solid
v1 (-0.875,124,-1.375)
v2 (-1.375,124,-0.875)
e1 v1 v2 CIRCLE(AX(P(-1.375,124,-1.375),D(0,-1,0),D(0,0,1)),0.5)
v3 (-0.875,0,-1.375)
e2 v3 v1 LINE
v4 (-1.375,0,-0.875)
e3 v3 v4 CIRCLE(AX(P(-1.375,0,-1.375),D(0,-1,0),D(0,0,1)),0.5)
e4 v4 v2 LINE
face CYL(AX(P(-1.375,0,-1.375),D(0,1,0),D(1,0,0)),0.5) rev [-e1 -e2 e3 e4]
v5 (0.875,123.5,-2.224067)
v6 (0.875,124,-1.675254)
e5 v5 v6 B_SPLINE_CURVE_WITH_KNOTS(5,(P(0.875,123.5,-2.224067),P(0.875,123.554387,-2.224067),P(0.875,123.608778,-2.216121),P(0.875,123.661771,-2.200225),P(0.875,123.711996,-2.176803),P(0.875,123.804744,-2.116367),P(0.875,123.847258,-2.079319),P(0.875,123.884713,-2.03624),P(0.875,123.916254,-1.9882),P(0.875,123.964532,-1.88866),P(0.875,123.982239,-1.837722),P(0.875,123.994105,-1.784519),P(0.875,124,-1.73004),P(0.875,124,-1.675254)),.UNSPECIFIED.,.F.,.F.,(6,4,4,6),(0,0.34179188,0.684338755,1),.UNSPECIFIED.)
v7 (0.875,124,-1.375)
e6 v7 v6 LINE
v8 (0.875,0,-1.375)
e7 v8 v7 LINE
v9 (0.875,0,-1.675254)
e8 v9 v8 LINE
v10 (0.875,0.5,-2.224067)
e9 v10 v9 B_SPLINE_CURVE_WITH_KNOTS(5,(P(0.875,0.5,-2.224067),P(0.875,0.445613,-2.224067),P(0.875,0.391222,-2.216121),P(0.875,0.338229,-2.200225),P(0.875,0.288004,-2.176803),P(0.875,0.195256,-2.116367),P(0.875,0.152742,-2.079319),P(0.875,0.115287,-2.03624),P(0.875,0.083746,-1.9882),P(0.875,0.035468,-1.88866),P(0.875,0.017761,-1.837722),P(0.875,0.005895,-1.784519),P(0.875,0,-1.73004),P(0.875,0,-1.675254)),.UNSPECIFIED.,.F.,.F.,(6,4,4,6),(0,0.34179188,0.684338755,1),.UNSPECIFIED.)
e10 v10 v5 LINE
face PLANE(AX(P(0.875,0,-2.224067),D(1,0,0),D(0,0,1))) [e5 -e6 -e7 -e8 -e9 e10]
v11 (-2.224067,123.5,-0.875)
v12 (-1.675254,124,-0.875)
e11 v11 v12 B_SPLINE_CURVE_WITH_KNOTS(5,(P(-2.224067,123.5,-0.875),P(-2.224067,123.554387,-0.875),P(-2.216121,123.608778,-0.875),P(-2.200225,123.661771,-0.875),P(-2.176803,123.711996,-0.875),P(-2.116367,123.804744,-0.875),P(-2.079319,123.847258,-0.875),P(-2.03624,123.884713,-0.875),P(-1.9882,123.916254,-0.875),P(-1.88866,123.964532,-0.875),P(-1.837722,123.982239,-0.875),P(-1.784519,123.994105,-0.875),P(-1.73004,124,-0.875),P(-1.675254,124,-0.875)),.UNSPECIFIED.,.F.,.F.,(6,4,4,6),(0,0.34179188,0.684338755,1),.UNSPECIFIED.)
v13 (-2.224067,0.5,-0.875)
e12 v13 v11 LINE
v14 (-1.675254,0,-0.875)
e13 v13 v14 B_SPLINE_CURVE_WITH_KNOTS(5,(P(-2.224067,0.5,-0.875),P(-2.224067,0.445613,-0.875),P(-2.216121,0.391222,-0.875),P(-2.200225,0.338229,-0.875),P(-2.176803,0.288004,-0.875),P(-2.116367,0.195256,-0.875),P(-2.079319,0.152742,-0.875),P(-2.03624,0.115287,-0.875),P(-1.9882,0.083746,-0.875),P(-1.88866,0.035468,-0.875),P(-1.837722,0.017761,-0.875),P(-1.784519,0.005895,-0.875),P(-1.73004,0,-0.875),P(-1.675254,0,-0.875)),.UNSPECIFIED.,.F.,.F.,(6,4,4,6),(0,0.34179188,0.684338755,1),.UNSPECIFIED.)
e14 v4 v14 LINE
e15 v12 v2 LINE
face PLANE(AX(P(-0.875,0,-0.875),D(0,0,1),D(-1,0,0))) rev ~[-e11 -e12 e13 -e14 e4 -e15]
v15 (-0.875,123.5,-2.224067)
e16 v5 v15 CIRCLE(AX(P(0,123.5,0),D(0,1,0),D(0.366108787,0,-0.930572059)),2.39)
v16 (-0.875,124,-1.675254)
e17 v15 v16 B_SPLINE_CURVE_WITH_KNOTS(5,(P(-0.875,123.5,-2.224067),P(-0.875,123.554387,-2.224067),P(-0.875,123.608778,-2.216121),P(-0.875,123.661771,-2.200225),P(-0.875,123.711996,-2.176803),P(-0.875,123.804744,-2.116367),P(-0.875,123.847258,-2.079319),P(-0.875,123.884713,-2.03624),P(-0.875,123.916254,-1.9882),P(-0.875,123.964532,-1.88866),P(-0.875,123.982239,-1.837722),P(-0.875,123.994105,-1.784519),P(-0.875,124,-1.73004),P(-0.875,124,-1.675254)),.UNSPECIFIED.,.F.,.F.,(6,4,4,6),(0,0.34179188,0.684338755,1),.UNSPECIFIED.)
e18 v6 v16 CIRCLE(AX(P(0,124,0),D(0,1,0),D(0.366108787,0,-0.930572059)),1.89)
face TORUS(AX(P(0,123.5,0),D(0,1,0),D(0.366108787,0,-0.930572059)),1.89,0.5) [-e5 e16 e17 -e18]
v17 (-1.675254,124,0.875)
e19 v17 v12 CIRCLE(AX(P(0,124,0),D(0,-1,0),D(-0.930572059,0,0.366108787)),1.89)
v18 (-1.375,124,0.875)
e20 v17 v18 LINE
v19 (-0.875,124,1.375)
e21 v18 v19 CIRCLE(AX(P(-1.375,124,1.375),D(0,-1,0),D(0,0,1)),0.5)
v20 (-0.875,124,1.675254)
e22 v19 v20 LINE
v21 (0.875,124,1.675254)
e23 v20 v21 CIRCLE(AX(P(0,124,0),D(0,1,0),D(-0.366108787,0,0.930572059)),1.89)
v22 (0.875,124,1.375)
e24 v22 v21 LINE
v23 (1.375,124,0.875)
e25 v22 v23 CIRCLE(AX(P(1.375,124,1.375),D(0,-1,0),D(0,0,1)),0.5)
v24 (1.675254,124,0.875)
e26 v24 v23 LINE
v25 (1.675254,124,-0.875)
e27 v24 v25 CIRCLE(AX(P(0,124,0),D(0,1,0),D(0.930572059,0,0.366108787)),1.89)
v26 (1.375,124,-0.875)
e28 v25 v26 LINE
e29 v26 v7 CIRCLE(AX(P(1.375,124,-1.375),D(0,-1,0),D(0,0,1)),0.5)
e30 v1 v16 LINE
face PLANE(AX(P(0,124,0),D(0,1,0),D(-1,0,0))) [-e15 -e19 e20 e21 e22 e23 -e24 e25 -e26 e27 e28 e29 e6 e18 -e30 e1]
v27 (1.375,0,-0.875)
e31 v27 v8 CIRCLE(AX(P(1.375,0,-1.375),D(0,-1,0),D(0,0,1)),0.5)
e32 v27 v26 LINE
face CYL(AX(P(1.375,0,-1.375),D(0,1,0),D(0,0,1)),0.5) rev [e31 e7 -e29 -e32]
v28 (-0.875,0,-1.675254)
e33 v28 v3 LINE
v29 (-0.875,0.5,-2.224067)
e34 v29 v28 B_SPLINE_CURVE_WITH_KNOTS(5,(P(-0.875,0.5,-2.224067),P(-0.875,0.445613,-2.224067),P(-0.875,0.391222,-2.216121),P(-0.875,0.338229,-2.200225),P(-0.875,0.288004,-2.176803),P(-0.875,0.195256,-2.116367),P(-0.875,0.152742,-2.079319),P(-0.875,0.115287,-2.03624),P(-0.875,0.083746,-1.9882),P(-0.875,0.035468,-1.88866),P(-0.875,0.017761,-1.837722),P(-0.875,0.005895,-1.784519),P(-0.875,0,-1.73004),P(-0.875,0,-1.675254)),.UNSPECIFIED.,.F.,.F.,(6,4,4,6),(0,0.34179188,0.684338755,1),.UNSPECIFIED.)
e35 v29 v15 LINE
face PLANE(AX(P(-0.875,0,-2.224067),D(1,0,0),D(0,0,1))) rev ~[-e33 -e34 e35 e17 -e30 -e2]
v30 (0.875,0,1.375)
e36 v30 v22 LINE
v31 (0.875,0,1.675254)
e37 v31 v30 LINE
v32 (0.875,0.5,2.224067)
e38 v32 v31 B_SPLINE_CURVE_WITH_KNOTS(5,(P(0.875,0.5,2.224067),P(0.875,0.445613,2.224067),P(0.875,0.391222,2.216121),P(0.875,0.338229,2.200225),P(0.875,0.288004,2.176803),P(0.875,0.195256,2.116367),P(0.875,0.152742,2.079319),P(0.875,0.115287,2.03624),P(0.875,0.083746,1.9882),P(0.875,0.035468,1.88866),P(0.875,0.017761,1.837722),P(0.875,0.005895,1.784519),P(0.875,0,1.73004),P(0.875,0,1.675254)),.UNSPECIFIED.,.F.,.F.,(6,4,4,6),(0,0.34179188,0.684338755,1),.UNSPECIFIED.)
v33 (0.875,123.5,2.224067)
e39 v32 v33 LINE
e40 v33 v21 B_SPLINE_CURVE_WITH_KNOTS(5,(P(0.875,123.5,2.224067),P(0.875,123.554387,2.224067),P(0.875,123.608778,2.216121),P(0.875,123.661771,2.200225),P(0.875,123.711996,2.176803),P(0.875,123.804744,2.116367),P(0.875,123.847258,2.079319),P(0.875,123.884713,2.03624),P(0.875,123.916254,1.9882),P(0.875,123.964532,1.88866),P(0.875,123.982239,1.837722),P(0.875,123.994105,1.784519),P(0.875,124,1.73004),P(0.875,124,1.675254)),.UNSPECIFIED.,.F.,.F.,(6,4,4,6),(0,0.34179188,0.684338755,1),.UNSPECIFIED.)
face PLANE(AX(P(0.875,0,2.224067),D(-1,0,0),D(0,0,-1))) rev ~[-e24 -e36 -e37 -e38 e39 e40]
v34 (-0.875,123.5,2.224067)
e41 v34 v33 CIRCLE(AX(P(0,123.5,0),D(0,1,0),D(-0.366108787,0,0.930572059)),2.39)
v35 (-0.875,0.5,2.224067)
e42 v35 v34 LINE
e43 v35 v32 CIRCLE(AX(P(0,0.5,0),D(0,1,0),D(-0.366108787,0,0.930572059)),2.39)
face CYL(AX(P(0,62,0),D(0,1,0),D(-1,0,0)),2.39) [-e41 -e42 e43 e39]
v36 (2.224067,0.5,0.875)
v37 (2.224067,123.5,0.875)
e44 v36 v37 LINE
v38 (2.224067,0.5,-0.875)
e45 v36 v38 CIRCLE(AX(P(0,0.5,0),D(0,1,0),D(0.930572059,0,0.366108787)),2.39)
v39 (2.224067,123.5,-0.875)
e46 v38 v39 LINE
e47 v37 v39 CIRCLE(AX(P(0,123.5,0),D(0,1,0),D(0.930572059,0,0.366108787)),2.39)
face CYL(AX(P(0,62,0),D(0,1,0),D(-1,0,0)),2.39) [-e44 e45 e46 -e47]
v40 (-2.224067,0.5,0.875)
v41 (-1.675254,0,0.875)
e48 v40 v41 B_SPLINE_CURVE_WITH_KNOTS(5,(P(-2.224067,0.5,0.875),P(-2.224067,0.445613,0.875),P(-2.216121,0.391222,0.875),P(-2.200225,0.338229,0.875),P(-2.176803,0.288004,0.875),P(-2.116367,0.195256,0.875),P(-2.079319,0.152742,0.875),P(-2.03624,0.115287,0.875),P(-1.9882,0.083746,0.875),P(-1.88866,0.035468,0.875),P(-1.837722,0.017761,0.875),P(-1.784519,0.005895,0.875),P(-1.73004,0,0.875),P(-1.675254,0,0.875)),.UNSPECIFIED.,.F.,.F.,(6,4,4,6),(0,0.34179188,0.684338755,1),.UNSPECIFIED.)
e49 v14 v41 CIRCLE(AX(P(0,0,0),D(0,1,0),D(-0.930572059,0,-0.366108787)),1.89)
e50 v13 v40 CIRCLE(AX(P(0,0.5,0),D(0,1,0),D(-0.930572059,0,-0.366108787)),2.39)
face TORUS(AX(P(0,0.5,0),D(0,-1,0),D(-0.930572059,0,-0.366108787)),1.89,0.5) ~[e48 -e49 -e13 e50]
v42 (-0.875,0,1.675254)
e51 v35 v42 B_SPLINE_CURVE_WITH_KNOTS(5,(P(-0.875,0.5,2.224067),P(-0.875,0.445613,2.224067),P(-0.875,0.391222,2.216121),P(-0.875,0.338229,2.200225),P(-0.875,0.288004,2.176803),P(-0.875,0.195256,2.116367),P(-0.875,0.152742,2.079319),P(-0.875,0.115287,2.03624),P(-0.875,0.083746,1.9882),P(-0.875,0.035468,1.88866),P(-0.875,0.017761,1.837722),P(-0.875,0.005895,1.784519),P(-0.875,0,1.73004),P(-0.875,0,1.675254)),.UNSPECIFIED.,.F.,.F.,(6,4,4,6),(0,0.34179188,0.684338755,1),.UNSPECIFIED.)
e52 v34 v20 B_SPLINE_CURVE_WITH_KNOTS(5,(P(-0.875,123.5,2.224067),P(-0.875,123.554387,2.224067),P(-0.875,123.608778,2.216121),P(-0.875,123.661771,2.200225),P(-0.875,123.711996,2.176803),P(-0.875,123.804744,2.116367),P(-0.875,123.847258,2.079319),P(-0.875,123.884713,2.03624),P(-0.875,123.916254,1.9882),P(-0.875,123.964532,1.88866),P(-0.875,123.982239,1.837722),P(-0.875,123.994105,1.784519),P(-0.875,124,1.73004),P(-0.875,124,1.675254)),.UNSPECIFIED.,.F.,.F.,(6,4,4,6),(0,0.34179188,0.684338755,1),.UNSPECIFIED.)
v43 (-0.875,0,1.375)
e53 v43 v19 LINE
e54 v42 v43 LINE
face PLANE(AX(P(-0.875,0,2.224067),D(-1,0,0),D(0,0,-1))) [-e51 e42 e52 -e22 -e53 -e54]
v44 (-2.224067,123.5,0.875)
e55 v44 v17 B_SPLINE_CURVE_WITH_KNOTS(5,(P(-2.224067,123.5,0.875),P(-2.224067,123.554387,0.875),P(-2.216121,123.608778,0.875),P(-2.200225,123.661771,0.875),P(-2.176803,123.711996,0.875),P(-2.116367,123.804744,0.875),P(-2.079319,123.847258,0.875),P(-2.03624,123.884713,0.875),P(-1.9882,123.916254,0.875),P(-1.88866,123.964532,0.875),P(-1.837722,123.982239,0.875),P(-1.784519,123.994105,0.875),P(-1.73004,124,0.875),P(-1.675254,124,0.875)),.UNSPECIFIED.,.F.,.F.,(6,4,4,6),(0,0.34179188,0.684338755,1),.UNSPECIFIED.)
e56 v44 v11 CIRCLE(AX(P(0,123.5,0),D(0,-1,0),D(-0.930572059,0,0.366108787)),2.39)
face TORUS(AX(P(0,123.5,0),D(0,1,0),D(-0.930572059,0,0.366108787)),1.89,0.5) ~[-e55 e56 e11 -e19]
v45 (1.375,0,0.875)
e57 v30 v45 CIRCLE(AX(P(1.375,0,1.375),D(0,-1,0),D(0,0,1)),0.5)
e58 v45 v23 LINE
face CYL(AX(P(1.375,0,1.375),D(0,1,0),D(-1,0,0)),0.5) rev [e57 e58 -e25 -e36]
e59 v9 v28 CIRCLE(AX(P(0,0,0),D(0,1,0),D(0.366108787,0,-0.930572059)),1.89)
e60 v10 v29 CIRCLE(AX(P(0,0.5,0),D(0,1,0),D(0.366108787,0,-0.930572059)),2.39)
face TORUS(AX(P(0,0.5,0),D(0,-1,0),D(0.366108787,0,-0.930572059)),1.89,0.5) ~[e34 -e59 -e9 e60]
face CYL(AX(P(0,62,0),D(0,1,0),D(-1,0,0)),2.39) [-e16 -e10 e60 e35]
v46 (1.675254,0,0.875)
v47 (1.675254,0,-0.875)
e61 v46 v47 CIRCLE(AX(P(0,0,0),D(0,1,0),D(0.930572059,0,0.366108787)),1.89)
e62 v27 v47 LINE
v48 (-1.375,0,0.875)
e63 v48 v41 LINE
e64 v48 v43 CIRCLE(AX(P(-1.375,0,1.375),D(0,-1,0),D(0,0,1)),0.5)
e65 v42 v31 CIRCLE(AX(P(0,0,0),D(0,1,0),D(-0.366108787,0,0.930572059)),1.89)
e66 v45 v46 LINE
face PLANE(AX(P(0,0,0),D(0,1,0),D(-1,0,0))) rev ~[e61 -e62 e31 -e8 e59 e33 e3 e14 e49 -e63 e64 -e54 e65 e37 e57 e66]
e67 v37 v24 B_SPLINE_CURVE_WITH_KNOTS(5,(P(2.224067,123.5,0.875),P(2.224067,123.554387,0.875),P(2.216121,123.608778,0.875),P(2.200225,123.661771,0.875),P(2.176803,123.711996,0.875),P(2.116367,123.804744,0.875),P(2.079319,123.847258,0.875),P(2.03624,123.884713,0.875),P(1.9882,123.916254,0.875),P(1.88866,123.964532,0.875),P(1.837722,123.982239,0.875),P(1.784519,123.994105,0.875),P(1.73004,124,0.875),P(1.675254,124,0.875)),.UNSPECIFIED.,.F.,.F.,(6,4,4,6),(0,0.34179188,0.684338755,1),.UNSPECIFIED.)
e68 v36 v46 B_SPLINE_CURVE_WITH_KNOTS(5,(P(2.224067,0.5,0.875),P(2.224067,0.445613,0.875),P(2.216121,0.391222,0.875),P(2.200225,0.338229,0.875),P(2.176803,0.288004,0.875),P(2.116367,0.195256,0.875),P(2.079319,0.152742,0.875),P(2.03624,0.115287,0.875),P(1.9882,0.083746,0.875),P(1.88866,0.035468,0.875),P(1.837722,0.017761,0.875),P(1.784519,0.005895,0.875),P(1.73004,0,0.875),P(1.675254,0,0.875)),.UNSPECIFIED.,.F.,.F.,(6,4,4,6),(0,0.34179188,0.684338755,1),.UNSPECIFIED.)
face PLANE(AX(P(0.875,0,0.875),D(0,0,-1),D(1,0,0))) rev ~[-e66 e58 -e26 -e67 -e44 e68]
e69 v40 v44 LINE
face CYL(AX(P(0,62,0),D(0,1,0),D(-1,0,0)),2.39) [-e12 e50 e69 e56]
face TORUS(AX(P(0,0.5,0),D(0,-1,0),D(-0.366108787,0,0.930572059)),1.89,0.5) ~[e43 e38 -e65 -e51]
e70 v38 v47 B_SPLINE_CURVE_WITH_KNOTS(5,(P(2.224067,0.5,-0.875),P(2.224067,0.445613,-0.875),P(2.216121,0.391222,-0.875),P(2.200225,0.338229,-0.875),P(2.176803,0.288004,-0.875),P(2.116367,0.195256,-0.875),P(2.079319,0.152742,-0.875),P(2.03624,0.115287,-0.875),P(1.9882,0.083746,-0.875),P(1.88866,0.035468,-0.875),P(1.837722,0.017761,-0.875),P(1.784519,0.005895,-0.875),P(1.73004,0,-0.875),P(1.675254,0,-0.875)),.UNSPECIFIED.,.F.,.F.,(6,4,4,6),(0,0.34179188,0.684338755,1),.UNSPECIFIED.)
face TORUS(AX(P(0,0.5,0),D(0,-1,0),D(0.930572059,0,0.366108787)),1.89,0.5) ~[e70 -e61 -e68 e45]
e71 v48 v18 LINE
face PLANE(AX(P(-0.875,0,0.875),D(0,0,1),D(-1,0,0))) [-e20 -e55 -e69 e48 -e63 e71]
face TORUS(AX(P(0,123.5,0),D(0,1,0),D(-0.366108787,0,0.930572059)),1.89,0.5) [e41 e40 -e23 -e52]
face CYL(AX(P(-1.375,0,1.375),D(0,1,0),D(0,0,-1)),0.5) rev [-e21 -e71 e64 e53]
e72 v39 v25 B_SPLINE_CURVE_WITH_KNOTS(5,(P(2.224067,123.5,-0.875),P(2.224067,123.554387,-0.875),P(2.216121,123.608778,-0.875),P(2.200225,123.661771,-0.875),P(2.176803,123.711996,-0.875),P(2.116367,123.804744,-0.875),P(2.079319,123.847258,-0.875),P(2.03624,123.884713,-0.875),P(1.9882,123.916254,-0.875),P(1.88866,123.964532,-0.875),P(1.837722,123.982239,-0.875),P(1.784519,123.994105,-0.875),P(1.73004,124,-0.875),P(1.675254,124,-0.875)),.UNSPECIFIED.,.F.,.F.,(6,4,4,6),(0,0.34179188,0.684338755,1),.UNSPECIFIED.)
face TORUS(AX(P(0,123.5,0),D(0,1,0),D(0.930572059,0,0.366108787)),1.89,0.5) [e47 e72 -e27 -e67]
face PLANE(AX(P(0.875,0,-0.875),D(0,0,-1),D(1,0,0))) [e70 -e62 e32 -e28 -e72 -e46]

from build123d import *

# Parameters (mm, degrees)
SKETCH1_W          = 2.39
SKETCH1_H          = 124
CUT_EXTRUDE1_DEPTH = 125.046056769
FILLET1_R          = 0.5


with BuildPart() as part:
    # Sketch1 → Revolve1 (revolve)
    with BuildSketch(Plane(origin=(0, 0, 0), x_dir=(-1, 0, 0), z_dir=(0, 0, -1)), mode=Mode.PRIVATE) as revolve1_sk:
        with Locations((-1.195, 62)):
            Rectangle(SKETCH1_W, SKETCH1_H)
    revolve(revolve1_sk.sketch.rotate(Axis((0, 0, 0), (0, 1, 0)), 180), axis=Axis((0, 0, 0), (0, 1, 0)))

    # Sketch2 → Cut-Extrude1 (cut, through all)
    with BuildSketch(Plane.XZ):
        with BuildLine():
            Line((0.875, 2.22406722), (0.875, 0.875))
            Line((0.875, 0.875), (2.22406722, 0.875))
            ThreePointArc((2.22406722, 0.875), (1.689985207, 1.689985207), (0.875, 2.22406722))
        make_face()
        with BuildLine():
            Line((0.875, -0.875), (2.22406722, -0.875))
            ThreePointArc((2.22406722, -0.875), (1.689985207, -1.689985207), (0.875, -2.22406722))
            Line((0.875, -2.22406722), (0.875, -0.875))
        make_face()
        with BuildLine():
            Line((-0.875, -2.22406722), (-0.875, -0.875))
            Line((-0.875, -0.875), (-2.22406722, -0.875))
            ThreePointArc((-2.22406722, -0.875), (-1.689985207, -1.689985207), (-0.875, -2.22406722))
        make_face()
        with BuildLine():
            Line((-0.875, 0.875), (-2.22406722, 0.875))
            ThreePointArc((-2.22406722, 0.875), (-1.689985207, 1.689985207), (-0.875, 2.22406722))
            Line((-0.875, 2.22406722), (-0.875, 0.875))
        make_face()
    extrude(amount=-CUT_EXTRUDE1_DEPTH, mode=Mode.SUBTRACT)

    # Fillet1
    fillet1_edges = [part.edges().sort_by_distance(p)[0] for p in [
        (2.39, 0, 0),
        (0.875, 62, 0.875),
        (0, 124, -2.39),
        (0, 0, -2.39),
        (0.875, 62, -0.875),
        (-2.39, 124, 0),
        (-2.39, 0, 0),
        (-0.875, 62, -0.875),
        (0, 124, 2.39),
        (0, 0, 2.39),
        (-0.875, 62, 0.875),
        (2.39, 124, 0),
    ]]
    fillet(fillet1_edges, radius=FILLET1_R)


solid = part.part
